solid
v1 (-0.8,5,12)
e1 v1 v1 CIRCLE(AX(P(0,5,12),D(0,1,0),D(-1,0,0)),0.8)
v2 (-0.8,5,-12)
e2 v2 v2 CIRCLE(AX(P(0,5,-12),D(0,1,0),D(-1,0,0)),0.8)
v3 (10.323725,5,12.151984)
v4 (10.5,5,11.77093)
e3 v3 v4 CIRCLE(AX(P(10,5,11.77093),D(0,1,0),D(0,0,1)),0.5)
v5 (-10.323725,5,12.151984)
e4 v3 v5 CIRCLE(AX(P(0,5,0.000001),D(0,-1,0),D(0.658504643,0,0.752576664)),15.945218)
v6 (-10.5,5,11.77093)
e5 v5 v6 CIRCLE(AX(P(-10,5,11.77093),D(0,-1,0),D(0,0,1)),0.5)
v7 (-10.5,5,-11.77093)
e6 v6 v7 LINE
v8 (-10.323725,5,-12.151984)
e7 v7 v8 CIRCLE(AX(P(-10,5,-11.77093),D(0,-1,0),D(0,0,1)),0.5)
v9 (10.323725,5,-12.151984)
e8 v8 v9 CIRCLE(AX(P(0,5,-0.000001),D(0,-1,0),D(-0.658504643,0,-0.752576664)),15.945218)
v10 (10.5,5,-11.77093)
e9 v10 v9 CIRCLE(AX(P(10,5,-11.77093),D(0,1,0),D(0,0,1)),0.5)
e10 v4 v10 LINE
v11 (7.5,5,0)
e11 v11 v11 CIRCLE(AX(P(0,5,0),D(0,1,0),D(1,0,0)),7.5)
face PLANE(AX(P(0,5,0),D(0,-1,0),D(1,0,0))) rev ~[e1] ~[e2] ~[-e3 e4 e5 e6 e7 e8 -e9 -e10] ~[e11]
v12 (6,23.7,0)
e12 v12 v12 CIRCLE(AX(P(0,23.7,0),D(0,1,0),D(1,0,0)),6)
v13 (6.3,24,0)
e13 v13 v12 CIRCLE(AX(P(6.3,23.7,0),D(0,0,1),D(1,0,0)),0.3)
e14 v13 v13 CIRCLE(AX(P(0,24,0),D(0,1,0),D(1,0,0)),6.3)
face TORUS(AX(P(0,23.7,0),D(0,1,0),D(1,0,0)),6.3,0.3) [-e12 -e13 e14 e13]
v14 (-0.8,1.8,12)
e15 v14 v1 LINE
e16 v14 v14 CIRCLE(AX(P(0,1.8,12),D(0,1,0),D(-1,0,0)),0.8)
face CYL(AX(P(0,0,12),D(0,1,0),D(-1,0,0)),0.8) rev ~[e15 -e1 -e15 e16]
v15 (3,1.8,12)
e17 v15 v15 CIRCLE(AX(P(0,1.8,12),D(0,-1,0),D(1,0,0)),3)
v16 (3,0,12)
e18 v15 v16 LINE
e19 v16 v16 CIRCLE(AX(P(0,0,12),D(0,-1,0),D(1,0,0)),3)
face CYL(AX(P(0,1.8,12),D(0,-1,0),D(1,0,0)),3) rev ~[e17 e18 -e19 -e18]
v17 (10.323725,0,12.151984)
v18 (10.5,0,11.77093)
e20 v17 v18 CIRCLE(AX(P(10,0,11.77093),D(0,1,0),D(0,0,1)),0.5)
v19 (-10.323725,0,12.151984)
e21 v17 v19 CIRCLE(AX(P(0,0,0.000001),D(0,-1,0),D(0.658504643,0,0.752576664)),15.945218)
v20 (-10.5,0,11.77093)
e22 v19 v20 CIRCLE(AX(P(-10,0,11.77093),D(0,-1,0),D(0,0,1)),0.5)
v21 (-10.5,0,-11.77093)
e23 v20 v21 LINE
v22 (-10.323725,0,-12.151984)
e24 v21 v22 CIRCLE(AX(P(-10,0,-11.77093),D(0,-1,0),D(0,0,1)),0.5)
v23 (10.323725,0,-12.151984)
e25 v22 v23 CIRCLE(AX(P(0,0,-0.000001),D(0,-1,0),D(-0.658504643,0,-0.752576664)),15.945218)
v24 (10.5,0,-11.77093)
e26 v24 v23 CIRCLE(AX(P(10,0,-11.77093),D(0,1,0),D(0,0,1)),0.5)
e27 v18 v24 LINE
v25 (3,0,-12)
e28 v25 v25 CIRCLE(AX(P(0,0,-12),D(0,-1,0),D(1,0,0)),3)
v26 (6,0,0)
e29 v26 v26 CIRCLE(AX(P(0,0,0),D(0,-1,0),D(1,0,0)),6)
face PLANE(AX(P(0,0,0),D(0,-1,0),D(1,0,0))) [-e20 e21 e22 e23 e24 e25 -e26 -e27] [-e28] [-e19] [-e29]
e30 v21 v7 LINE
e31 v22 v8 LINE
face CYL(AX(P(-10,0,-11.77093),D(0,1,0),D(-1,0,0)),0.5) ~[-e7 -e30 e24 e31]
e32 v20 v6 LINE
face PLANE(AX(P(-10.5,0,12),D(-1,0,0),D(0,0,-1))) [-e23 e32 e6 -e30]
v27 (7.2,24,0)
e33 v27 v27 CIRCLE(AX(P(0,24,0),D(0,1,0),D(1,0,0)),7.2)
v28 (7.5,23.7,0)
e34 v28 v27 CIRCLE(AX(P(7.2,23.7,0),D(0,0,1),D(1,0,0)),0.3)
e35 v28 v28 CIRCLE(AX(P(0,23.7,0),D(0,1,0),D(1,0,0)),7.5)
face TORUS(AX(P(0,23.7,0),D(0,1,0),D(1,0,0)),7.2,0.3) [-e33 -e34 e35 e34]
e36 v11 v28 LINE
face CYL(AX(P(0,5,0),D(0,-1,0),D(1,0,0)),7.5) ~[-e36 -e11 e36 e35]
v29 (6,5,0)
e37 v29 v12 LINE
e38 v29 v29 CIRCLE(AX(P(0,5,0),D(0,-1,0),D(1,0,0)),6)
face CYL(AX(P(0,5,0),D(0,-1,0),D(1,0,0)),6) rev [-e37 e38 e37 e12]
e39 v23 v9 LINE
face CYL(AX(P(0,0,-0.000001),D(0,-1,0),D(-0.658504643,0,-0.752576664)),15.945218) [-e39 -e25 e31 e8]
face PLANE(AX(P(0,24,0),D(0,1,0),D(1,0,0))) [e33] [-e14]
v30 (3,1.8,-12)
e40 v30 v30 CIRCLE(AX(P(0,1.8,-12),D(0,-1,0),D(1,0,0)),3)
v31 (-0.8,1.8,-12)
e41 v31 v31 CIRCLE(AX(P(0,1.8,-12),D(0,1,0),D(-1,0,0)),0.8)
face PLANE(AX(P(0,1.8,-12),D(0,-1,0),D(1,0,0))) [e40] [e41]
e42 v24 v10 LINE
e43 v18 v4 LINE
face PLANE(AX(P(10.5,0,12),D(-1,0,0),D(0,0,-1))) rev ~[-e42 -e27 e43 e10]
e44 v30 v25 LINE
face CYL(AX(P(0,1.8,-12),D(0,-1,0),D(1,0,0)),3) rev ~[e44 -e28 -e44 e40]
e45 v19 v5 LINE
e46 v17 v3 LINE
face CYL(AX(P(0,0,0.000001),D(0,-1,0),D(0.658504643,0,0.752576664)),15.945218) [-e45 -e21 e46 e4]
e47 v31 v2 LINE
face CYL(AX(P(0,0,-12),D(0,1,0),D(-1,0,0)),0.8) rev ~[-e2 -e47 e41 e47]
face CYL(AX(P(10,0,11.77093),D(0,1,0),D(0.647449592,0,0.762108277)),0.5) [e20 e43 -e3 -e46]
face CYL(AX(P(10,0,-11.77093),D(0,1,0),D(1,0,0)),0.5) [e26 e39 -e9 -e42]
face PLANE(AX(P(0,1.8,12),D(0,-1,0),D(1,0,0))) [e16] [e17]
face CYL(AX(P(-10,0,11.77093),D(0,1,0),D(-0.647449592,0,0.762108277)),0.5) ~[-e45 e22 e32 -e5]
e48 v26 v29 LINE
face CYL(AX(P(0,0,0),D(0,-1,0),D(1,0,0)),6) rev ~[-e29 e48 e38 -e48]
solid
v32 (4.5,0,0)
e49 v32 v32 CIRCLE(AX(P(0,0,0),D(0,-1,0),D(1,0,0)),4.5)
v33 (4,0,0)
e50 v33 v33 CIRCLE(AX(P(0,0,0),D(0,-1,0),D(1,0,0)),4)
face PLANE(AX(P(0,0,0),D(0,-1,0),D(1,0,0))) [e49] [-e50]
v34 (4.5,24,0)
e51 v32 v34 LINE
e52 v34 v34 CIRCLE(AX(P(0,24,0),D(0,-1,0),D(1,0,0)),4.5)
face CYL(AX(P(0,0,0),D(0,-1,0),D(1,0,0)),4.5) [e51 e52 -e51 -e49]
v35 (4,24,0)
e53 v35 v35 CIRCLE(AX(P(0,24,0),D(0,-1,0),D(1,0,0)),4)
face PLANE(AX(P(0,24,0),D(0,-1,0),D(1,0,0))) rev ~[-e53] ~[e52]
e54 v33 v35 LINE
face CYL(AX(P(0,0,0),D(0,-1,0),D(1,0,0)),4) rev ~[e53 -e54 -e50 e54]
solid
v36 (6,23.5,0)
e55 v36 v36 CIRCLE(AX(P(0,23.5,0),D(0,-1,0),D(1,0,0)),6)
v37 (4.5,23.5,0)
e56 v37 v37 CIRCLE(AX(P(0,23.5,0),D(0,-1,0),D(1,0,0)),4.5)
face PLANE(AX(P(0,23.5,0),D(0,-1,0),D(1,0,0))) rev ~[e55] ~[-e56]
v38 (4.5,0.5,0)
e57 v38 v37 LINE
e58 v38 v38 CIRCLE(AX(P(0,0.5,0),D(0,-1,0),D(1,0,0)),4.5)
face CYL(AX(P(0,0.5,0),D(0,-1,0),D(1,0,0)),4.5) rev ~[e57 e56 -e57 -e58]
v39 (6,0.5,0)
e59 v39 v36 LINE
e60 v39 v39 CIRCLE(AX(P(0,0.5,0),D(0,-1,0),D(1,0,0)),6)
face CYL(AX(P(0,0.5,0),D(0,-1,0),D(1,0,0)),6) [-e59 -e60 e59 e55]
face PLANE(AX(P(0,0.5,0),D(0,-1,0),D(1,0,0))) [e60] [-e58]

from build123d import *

# Parameters (mm, degrees)
SKETCH_R         = 6
PAD_DEPTH        = 5
HOLE_D           = 1.6
HOLE_CBORE_D     = 6
HOLE_CBORE_DEPTH = 1.8
SKETCH002_R      = 7.5
SKETCH002_R_2    = 6
PAD001_DEPTH     = 19
FILLET_R         = 0.5
FILLET001_R      = 0.3
SKETCH003_R      = 6
SKETCH003_R_2    = 4.5
PAD002_DEPTH     = 23
SKETCH004_R      = 4.5
SKETCH004_R_2    = 4
PAD003_DEPTH     = 24


with BuildPart() as body:
    # Sketch → Pad (new body)
    with BuildSketch(Plane.XZ):
        with BuildLine():
            ThreePointArc((10.5, 12), (0, 15.945219), (-10.5, 12))
            Line((-10.5, 12), (-10.5, -12))
            ThreePointArc((-10.5, -12), (0, -15.945219), (10.5, -12))
            Line((10.5, 12), (10.5, -12))
        make_face()
        Circle(SKETCH_R, mode=Mode.SUBTRACT)
    extrude(amount=-PAD_DEPTH)

    # Hole (through all)
    with Locations(Plane.XZ):
        with Locations((0, 12), (0, -12)):
            CounterBoreHole(HOLE_D / 2, HOLE_CBORE_D / 2, HOLE_CBORE_DEPTH)

    # Sketch002 (on Face5 of Hole) → Pad001 (join)
    with BuildSketch(Plane(origin=(0, 5, 0), x_dir=(1, 0, 0), z_dir=(0, 1, 0))):
        Circle(SKETCH002_R)
        Circle(SKETCH002_R_2, mode=Mode.SUBTRACT)
    extrude(amount=PAD001_DEPTH)

    # Fillet
    fillet_edges = [body.edges().sort_by_distance(p)[0] for p in [
        (10.5, 2.5, -12),
        (10.5, 2.5, 12),
        (-10.5, 2.5, 12),
        (-10.5, 2.5, -12),
    ]]
    fillet(fillet_edges, radius=FILLET_R)

    # Fillet001
    fillet001_edges = [body.edges().sort_by_distance(p)[0] for p in [
        (-7.5, 24, 0),
        (-6, 24, 0),
    ]]
    fillet(fillet001_edges, radius=FILLET001_R)


with BuildPart() as body001:
    # Sketch003 → Pad002 (new body)
    with BuildSketch(Plane.XZ):
        Circle(SKETCH003_R)
        Circle(SKETCH003_R_2, mode=Mode.SUBTRACT)
    extrude(amount=-PAD002_DEPTH)


with BuildPart() as body001_1:
    # Body001 placement: moved
    add(body001.part.moved(Location((0, 0.5, 0))))


with BuildPart() as body002:
    # Sketch004 → Pad003 (new body)
    with BuildSketch(Plane.XZ):
        Circle(SKETCH004_R)
        Circle(SKETCH004_R_2, mode=Mode.SUBTRACT)
    extrude(amount=-PAD003_DEPTH)


solid = Compound([body.part, body001_1.part, body002.part])
